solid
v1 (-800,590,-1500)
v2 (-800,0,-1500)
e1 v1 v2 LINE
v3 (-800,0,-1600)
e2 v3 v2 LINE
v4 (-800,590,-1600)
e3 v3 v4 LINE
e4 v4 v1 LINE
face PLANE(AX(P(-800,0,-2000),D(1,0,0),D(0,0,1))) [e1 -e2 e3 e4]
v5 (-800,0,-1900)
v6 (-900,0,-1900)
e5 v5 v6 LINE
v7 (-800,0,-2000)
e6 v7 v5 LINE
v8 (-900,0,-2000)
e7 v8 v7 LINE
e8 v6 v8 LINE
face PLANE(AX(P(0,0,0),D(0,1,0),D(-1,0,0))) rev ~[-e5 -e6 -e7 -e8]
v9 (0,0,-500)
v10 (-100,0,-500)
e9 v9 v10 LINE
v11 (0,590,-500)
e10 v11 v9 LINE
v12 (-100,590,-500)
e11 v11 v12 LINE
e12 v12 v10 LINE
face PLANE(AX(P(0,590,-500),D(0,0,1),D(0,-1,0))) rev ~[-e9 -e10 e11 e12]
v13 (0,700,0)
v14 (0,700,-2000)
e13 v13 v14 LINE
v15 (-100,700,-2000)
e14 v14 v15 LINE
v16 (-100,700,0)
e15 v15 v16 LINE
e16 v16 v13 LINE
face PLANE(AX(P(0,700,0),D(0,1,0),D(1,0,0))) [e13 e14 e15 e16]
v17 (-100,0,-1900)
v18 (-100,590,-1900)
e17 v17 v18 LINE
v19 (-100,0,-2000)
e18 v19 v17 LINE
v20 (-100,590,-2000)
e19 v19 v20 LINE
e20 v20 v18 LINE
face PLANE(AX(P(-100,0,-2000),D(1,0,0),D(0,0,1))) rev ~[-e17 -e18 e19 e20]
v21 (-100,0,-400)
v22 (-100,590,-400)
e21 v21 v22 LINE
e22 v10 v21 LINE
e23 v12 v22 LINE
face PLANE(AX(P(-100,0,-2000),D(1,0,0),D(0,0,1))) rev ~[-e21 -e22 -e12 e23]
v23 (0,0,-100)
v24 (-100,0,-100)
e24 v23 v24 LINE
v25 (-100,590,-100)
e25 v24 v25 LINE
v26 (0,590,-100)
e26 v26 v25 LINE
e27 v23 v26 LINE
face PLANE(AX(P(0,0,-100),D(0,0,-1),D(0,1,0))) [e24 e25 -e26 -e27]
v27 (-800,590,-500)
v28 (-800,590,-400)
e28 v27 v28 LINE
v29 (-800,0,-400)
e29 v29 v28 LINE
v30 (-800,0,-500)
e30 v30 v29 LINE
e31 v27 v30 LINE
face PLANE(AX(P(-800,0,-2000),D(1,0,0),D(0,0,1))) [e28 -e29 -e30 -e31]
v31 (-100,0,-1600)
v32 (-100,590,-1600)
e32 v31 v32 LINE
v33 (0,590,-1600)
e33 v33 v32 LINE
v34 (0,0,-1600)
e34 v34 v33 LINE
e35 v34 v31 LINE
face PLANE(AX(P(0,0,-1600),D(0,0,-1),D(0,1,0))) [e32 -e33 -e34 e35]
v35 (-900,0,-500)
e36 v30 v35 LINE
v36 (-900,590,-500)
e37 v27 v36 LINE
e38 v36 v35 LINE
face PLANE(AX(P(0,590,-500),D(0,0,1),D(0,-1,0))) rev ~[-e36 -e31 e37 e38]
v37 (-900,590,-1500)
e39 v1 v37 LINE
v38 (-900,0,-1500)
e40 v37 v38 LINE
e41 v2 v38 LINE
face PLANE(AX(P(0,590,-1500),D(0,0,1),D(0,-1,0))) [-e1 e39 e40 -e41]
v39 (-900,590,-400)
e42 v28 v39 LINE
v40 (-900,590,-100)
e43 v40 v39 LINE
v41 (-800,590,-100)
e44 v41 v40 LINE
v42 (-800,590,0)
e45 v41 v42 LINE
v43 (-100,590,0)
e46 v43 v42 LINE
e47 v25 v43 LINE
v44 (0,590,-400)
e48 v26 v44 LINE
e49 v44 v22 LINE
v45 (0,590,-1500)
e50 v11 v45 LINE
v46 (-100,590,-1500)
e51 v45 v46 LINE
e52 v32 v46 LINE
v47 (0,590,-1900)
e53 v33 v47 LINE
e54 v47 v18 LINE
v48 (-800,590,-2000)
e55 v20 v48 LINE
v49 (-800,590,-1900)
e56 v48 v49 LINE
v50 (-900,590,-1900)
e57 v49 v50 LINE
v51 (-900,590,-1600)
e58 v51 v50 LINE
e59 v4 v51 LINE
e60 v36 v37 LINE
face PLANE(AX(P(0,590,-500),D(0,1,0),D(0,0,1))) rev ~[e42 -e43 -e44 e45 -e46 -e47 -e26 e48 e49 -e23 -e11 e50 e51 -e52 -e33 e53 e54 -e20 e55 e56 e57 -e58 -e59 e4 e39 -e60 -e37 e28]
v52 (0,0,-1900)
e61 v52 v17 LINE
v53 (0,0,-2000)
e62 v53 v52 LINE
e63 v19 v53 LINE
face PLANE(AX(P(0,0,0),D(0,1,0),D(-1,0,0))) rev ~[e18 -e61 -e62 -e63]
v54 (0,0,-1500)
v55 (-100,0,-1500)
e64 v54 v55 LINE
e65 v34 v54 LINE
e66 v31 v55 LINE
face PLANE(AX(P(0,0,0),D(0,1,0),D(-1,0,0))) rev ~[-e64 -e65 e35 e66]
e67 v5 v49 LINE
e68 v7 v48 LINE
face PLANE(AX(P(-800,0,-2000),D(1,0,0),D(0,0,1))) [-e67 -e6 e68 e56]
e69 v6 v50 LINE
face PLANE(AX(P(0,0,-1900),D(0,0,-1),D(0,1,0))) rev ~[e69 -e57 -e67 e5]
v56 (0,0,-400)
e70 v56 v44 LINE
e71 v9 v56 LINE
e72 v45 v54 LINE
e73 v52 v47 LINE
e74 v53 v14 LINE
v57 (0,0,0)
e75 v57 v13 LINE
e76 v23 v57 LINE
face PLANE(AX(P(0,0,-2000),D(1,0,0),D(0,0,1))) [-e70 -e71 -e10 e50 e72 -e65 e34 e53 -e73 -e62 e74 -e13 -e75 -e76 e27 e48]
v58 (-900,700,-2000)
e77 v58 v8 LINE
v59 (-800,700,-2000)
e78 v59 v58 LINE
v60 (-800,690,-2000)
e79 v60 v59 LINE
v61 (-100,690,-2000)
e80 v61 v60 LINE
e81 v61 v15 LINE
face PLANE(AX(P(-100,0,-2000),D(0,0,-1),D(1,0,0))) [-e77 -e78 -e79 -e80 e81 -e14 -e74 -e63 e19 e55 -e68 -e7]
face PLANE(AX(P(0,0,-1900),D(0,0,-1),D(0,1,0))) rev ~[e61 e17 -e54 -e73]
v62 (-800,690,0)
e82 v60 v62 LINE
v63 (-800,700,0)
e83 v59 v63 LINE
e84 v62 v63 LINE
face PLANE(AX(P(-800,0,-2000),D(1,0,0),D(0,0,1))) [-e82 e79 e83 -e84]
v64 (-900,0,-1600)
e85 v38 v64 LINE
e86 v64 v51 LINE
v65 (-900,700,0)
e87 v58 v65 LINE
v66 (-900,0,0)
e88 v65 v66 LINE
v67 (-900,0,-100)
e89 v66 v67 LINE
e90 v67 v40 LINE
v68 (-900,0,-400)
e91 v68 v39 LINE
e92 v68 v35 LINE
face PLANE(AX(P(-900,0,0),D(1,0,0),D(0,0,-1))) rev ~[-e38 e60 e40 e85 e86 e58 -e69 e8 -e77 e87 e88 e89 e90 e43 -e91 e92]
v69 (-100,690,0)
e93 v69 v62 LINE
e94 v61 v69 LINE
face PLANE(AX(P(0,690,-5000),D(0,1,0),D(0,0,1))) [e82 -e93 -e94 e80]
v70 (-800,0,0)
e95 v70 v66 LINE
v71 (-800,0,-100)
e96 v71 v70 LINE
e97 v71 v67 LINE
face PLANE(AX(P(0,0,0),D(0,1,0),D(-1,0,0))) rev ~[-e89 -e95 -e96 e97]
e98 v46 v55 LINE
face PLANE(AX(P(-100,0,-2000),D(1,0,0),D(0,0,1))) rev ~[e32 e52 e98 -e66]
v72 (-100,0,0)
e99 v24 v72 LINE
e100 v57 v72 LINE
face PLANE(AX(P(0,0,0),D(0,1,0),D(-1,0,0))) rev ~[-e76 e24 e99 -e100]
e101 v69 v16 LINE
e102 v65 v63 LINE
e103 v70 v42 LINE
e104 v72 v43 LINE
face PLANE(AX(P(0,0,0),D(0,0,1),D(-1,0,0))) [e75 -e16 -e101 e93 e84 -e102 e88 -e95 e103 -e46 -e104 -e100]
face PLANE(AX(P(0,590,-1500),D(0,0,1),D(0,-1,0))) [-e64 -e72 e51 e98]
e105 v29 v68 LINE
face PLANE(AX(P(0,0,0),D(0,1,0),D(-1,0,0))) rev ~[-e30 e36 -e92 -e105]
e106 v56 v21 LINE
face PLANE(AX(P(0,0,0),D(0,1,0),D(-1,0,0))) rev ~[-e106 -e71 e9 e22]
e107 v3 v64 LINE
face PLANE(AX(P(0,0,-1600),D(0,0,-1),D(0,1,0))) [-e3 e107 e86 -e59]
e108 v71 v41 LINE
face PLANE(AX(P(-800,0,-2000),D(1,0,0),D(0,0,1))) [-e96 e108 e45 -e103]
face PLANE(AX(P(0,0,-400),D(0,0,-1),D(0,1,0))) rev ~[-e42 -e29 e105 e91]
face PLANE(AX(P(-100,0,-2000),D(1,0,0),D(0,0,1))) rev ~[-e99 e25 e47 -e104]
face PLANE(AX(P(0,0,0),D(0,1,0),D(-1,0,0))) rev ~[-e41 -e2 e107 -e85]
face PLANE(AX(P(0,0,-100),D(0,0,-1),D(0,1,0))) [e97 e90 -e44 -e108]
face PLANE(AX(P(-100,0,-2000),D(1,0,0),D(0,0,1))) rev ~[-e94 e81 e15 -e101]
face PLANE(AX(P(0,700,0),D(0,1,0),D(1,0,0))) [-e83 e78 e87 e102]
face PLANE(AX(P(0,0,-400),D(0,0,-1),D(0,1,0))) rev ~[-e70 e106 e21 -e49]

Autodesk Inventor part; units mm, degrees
ref_plane "YZ Plane" through (0, 0, 0) normal (1, 0, 0) x (0, 1, 0)
ref_plane "XZ Plane" through (0, 0, 0) normal (0, 1, 0) x (-1, 0, 0)
ref_plane "XY Plane" through (0, 0, 0) normal (0, 0, 1) x (1, 0, 0)
sketch "Sketch9" plane through (0, 0, 0) normal (0, 1, 0) x (-1, 0, 0)
  line L0 (0, 0) -> (900, 0)
  line L1 (900, 0) -> (900, -2000)
  line L2 (900, -2000) -> (0, -2000)
  line L3 (0, -2000) -> (0, 0)
  line L4 (900, -2000) -> (800, -2000)
  line L5 (800, -2000) -> (800, 3000)
  line L6 (800, 3000) -> (900, 3000)
  line L7 (900, 3000) -> (900, -2000)
  line L8 (0, -2000) -> (100, -2000)
  line L9 (100, -2000) -> (100, 0)
  line L10 (100, 0) -> (0, 0)
  line L11 (0, 0) -> (0, -2000)
  point P0 (100, -2000)
  point P1 (800, 0)
  dimension "d70" = 900
  dimension "d71" = 100
  dimension "d72" = 100
  dimension "d106" = 2000
extrude "Extrusion6" add sketch "Sketch9" along normal blind 990 contours L0 L9 L2 L3 | L0 L1 L2 L5
sketch "Sketch10" plane through (0, 0, 0) normal (1, 0, 0) x (0, 0, -1)
  line L0 (0, 0) -> (0, 990) projected
  line L1 (0, 990) -> (5000, 990)
  line L2 (5000, 990) -> (5000, 490)
  line L3 (5000, 490) -> (0, 490)
  line L4 (0, 490) -> (0, 990)
  line L5 (0, 990) -> (5000, 990)
  line L6 (5000, 990) -> (5000, 590)
  line L7 (5000, 590) -> (0, 590)
  line L8 (0, 590) -> (0, 990)
  line L9 (0, 990) -> (5000, 990)
  line L10 (5000, 990) -> (5000, 690)
  line L11 (5000, 690) -> (0, 690)
  line L12 (0, 690) -> (0, 990)
  line L13 (2000, 0) -> (0, 0) projected
  line L14 (0, 0) -> (500, 0)
  line L15 (500, 0) -> (500, 600)
  line L16 (500, 600) -> (0, 600)
  line L17 (0, 600) -> (0, 0)
  line L18 (2000, 0) -> (1500, 0)
  line L19 (1500, 0) -> (1500, 600)
  line L20 (1500, 600) -> (2000, 600)
  line L21 (2000, 600) -> (2000, 0)
  point P0 (5000, 690)
  point P1 (0, 690)
  point P2 (0, 590)
  dimension "d83" = 500
  dimension "d84" = 500
  dimension "d85" = 600
  dimension "d86" = 600
extrude "Extrusion7" add sketch "Sketch10" against normal blind 900 contours L0 L16 L15 L7 | L0 L11 L2 L7 L21 L20 L19 L15 L16 | L19 L20 L21 L7
sketch "Sketch13" plane through (0, 990, 0) normal (0, 1, 0) x (1, 0, 0)
  line L0 (-900, 2000) -> (-900, 0) projected
  line L1 (0, 0) -> (0, 2000) projected
  line L2 (-900, 0) -> (0, 0)
  line L3 (0, 0) -> (0, 2000)
  line L4 (0, 2000) -> (-900, 2000)
  line L5 (-900, 2000) -> (-900, 0)
  point P0 (0, 4500)
extrude "Extrusion9" cut sketch "Sketch13" against normal blind 290
sketch "Boceto15" plane through (0, 690, -2000) normal (0, 1, 0) x (1, 0, 0)
  line L0 (-900, 0) -> (-900, 3000) projected
  line L1 (0, 0) -> (-100, 0) projected
  line L2 (-900, 3000) -> (0, 3000)
  line L3 (0, 3000) -> (0, 0)
  line L4 (0, 0) -> (-900, 0)
  line L5 (-900, 0) -> (-900, 3000)
  point P0 (0, -2000)
  point P1 (-100, 0)
extrude "Extrusión11" cut sketch "Boceto15" against normal blind 1500
sketch "Boceto16" plane through (0, 0, 0) normal (1, 0, 0) x (0, 0, -1)
  line L0 (0, 0) -> (500, 0)
  line L1 (2000, 0) -> (0, 0) projected
  line L2 (2000, 0) -> (1500, 0)
  line L3 (0, 590) -> (2000, 590) projected
  line L4 (500, 0) -> (400, 0)
  line L5 (400, 0) -> (400, 590)
  line L6 (400, 590) -> (500, 590)
  line L7 (500, 590) -> (500, 0)
  line L8 (0, 0) -> (100, 0)
  line L9 (100, 0) -> (100, 590)
  line L10 (100, 590) -> (0, 590)
  line L11 (0, 590) -> (0, 0)
  line L12 (2000, 0) -> (1900, 0)
  line L13 (1900, 0) -> (1900, 590)
  line L14 (1900, 590) -> (2000, 590)
  line L15 (2000, 590) -> (2000, 0)
  line L16 (1500, 0) -> (1600, 0)
  line L17 (1600, 0) -> (1600, 590)
  line L18 (1600, 590) -> (1500, 590)
  line L19 (1500, 590) -> (1500, 0)
  point P0 (1600, 590)
  point P1 (100, 590)
  point P2 (1500, 590)
  dimension "d110" = 500
  dimension "d111" = 500
  dimension "d112" = 100
  dimension "d113" = 100
  dimension "d114" = 100
  dimension "d115" = 100
extrude "Extrusión12" cut sketch "Boceto16" against normal blind 1500 contours L9 L3 L5 L0 | L7 L3 L19 L1 | L17 L3 L13 L1
properties part number "B_Transportadora_Recta_5m" material "Aluminum 6061"
